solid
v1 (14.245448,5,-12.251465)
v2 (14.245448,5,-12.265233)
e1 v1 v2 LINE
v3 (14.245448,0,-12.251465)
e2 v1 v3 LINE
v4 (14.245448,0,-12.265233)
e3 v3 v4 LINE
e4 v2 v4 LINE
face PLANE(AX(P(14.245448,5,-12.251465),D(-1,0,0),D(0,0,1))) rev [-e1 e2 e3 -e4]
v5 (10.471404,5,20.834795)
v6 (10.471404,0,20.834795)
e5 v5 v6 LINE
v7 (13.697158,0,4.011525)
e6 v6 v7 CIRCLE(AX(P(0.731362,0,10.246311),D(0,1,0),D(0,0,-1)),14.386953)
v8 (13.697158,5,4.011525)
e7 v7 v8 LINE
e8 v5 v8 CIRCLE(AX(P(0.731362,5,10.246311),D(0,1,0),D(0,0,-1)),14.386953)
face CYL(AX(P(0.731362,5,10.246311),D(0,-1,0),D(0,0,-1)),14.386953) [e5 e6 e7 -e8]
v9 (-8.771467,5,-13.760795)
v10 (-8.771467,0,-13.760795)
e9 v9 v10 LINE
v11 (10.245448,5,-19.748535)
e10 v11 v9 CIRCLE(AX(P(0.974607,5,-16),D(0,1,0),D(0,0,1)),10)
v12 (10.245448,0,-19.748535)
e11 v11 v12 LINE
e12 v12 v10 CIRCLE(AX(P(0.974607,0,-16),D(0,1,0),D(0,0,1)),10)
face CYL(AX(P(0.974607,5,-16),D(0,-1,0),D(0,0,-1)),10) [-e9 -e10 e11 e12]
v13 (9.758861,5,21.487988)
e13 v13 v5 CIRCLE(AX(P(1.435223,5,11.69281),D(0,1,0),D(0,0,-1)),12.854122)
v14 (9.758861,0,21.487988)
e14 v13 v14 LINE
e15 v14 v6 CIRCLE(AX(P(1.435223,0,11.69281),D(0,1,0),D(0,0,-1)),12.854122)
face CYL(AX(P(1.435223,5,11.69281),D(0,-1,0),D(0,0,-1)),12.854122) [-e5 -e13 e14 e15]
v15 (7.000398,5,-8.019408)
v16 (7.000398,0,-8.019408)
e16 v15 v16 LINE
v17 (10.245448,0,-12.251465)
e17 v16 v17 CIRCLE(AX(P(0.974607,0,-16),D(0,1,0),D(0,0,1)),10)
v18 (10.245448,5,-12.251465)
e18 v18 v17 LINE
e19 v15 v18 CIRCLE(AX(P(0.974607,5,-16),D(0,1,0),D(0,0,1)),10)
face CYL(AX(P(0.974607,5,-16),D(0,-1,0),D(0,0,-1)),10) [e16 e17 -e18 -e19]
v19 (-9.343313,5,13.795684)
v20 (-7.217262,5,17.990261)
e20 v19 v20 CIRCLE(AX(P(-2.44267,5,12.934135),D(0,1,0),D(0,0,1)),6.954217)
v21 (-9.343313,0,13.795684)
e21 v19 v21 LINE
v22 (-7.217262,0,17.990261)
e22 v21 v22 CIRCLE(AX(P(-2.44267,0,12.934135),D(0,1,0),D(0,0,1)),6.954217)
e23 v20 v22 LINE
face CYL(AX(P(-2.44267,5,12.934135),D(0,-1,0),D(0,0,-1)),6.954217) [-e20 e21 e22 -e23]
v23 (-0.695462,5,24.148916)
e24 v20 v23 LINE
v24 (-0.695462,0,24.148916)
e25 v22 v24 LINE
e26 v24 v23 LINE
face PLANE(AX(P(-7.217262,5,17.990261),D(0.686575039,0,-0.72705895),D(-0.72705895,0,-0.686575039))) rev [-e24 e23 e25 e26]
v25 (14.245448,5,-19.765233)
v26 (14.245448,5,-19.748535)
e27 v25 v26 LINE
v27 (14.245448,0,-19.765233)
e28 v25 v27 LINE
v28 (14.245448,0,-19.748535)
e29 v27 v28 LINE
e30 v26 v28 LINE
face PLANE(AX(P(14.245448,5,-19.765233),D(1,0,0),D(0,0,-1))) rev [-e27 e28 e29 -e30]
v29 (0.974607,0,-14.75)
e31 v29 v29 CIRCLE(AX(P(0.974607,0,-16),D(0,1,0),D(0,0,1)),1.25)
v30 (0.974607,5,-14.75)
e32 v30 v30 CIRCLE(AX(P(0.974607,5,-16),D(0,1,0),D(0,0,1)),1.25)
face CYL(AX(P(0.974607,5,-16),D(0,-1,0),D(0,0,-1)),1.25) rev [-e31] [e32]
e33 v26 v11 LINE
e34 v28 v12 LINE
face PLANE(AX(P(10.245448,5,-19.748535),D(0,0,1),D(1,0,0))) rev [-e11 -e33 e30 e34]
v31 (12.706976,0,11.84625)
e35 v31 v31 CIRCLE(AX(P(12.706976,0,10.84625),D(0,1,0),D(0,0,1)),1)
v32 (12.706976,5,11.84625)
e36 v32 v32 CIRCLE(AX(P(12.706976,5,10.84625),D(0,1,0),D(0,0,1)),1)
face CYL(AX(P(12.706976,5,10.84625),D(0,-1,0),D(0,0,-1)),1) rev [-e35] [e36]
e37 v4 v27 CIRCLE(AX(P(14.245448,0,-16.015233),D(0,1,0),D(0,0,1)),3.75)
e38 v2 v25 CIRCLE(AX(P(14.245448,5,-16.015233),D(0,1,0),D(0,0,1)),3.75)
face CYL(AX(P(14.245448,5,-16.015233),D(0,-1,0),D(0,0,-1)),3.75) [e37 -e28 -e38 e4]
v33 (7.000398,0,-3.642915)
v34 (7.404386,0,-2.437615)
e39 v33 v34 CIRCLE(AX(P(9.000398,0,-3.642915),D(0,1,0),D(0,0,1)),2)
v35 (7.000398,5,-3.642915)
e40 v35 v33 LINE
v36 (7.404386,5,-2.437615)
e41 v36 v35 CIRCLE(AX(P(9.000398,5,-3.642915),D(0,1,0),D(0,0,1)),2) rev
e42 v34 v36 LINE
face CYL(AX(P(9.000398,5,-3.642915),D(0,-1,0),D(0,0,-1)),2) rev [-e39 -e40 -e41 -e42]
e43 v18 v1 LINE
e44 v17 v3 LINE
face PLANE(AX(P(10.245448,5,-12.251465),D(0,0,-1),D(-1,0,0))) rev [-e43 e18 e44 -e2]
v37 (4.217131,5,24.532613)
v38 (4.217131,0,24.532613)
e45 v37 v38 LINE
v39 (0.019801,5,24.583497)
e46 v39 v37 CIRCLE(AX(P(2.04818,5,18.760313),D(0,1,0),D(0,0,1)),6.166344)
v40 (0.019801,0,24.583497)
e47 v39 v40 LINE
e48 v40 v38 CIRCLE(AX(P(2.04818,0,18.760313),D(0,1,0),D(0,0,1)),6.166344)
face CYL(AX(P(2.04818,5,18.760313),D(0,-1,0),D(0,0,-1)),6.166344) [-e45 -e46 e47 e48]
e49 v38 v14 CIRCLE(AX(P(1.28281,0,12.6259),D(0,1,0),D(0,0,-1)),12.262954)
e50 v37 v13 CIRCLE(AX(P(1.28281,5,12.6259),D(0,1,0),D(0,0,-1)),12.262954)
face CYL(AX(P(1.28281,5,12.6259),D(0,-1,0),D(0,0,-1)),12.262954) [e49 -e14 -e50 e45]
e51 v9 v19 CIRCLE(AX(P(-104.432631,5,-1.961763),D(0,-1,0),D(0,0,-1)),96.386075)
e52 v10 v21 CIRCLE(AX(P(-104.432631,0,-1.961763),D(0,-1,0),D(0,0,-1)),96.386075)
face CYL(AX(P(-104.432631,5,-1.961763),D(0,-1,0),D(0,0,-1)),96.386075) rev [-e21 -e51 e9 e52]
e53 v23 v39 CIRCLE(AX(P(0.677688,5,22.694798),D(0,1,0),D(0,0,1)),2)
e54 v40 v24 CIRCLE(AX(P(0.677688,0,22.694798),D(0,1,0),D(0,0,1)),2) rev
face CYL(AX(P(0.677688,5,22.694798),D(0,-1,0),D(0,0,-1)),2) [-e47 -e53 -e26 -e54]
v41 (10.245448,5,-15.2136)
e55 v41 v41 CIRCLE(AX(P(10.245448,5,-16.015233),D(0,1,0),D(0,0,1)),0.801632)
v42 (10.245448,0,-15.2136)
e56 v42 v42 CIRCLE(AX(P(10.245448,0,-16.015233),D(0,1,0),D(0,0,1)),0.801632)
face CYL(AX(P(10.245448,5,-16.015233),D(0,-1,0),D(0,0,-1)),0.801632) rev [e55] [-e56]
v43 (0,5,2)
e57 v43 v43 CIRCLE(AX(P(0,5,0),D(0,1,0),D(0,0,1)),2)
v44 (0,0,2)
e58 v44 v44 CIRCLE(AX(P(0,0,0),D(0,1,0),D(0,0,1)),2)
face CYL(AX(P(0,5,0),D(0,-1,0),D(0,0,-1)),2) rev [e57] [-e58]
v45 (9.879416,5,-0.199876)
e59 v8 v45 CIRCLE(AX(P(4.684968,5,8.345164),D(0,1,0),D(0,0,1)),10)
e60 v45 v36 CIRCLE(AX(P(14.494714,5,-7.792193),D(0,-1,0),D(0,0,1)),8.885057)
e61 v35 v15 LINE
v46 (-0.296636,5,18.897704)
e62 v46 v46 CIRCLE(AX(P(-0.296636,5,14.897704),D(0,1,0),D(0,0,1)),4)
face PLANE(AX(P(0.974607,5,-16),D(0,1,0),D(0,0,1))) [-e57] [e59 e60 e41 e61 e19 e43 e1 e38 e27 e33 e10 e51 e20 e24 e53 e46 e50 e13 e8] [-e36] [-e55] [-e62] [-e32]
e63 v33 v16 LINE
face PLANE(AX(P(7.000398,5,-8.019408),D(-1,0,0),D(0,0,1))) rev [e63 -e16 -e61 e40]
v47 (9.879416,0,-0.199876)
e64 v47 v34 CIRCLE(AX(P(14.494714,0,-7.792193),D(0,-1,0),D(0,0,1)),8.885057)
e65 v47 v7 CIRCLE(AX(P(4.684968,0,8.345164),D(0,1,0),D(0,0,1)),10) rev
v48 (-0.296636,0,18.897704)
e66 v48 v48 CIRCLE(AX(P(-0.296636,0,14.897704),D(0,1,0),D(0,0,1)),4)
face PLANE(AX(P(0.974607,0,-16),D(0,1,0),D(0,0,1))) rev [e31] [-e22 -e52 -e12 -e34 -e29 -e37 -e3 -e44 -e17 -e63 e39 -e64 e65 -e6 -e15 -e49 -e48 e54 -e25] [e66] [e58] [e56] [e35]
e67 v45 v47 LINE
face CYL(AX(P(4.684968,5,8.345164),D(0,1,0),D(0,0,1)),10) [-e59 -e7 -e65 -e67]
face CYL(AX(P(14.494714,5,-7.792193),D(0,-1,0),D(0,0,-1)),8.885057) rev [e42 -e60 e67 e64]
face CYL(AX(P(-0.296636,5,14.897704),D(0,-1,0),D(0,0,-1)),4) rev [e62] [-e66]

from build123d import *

# Parameters (mm, degrees)
SKETCH1_R           = 2
SKETCH1_R_2         = 4
SKETCH1_R_3         = 1.25
SKETCH1_R_4         = 0.801632387
SKETCH1_R_5         = 1
BOSS_EXTRUDE1_DEPTH = 5
FILLET1_R           = 10
FILLET2_R           = 2
FILLET3_R           = 2


with BuildPart() as part:
    # Sketch1 → Boss-Extrude1 (new body)
    with BuildSketch(Plane(origin=(0, 0, 0), x_dir=(1, 0, 0), z_dir=(0, 1, 0))):
        with BuildLine():
            Line((10.245447832, 19.748535419), (14.245447832, 19.748535419))
            Line((14.245447832, 19.748535419), (14.245447832, 19.765232538))
            ThreePointArc((14.245447832, 19.765232538), (17.995447832, 16.015232538), (14.245447832, 12.265232538))
            Line((14.245447832, 12.265232538), (14.245447832, 12.251464581))
            Line((14.245447832, 12.251464581), (10.245447832, 12.251464581))
            ThreePointArc((10.245447832, 12.251464581), (8.910242614, 9.915125816), (7.000398069, 8.019408112))
            Line((7.000398069, 8.019408112), (7.000398069, 3.019408112))
            ThreePointArc((7.000398069, 3.019408112), (8.876398613, 0.90896847), (11.319846515, -0.506268567))
            ThreePointArc((11.319846515, -0.506268567), (15.105800834, -10.846250302), (10.471403603, -20.834795477))
            ThreePointArc((10.471403603, -20.834795477), (10.121274527, -21.168091922), (9.758861069, -21.487987805))
            ThreePointArc((9.758861069, -21.487987805), (7.187603365, -23.373618777), (4.217131367, -24.532612502))
            ThreePointArc((4.217131367, -24.532612502), (1.88896648, -24.924600666), (-0.415858892, -24.412949939))
            Line((-0.415858892, -24.412949939), (-7.21726234, -17.990260503))
            ThreePointArc((-7.21726234, -17.990260503), (-8.645604673, -16.078135797), (-9.343313072, -13.79568411))
            ThreePointArc((-9.343313072, -13.79568411), (-8.067302671, -0.037990819), (-8.771466645, 13.760794646))
            ThreePointArc((-8.771466645, 13.760794646), (-2.028677736, 25.538358263), (10.245447832, 19.748535419))
        make_face()
        Circle(SKETCH1_R, mode=Mode.SUBTRACT)
        with Locations((-0.296635989, -14.897704258)):
            Circle(SKETCH1_R_2, mode=Mode.SUBTRACT)
        with Locations((0.974607405, 16)):
            Circle(SKETCH1_R_3, mode=Mode.SUBTRACT)
        with Locations((10.245447832, 16.015232538)):
            Circle(SKETCH1_R_4, mode=Mode.SUBTRACT)
        with Locations((12.706975529, -10.846250302)):
            Circle(SKETCH1_R_5, mode=Mode.SUBTRACT)
    extrude(amount=BOSS_EXTRUDE1_DEPTH)

    # Fillet1
    fillet1_edges = [part.edges().sort_by_distance(p)[0] for p in [
        (11.319846515, 2.5, 0.506268567),
    ]]
    fillet(fillet1_edges, radius=FILLET1_R)

    # Fillet2
    fillet2_edges = [part.edges().sort_by_distance(p)[0] for p in [
        (7.000398069, 2.5, -3.019408112),
    ]]
    fillet(fillet2_edges, radius=FILLET2_R)

    # Fillet3
    fillet3_edges = [part.edges().sort_by_distance(p)[0] for p in [
        (-0.415858892, 2.5, 24.412949939),
    ]]
    fillet(fillet3_edges, radius=FILLET3_R)


solid = part.part
